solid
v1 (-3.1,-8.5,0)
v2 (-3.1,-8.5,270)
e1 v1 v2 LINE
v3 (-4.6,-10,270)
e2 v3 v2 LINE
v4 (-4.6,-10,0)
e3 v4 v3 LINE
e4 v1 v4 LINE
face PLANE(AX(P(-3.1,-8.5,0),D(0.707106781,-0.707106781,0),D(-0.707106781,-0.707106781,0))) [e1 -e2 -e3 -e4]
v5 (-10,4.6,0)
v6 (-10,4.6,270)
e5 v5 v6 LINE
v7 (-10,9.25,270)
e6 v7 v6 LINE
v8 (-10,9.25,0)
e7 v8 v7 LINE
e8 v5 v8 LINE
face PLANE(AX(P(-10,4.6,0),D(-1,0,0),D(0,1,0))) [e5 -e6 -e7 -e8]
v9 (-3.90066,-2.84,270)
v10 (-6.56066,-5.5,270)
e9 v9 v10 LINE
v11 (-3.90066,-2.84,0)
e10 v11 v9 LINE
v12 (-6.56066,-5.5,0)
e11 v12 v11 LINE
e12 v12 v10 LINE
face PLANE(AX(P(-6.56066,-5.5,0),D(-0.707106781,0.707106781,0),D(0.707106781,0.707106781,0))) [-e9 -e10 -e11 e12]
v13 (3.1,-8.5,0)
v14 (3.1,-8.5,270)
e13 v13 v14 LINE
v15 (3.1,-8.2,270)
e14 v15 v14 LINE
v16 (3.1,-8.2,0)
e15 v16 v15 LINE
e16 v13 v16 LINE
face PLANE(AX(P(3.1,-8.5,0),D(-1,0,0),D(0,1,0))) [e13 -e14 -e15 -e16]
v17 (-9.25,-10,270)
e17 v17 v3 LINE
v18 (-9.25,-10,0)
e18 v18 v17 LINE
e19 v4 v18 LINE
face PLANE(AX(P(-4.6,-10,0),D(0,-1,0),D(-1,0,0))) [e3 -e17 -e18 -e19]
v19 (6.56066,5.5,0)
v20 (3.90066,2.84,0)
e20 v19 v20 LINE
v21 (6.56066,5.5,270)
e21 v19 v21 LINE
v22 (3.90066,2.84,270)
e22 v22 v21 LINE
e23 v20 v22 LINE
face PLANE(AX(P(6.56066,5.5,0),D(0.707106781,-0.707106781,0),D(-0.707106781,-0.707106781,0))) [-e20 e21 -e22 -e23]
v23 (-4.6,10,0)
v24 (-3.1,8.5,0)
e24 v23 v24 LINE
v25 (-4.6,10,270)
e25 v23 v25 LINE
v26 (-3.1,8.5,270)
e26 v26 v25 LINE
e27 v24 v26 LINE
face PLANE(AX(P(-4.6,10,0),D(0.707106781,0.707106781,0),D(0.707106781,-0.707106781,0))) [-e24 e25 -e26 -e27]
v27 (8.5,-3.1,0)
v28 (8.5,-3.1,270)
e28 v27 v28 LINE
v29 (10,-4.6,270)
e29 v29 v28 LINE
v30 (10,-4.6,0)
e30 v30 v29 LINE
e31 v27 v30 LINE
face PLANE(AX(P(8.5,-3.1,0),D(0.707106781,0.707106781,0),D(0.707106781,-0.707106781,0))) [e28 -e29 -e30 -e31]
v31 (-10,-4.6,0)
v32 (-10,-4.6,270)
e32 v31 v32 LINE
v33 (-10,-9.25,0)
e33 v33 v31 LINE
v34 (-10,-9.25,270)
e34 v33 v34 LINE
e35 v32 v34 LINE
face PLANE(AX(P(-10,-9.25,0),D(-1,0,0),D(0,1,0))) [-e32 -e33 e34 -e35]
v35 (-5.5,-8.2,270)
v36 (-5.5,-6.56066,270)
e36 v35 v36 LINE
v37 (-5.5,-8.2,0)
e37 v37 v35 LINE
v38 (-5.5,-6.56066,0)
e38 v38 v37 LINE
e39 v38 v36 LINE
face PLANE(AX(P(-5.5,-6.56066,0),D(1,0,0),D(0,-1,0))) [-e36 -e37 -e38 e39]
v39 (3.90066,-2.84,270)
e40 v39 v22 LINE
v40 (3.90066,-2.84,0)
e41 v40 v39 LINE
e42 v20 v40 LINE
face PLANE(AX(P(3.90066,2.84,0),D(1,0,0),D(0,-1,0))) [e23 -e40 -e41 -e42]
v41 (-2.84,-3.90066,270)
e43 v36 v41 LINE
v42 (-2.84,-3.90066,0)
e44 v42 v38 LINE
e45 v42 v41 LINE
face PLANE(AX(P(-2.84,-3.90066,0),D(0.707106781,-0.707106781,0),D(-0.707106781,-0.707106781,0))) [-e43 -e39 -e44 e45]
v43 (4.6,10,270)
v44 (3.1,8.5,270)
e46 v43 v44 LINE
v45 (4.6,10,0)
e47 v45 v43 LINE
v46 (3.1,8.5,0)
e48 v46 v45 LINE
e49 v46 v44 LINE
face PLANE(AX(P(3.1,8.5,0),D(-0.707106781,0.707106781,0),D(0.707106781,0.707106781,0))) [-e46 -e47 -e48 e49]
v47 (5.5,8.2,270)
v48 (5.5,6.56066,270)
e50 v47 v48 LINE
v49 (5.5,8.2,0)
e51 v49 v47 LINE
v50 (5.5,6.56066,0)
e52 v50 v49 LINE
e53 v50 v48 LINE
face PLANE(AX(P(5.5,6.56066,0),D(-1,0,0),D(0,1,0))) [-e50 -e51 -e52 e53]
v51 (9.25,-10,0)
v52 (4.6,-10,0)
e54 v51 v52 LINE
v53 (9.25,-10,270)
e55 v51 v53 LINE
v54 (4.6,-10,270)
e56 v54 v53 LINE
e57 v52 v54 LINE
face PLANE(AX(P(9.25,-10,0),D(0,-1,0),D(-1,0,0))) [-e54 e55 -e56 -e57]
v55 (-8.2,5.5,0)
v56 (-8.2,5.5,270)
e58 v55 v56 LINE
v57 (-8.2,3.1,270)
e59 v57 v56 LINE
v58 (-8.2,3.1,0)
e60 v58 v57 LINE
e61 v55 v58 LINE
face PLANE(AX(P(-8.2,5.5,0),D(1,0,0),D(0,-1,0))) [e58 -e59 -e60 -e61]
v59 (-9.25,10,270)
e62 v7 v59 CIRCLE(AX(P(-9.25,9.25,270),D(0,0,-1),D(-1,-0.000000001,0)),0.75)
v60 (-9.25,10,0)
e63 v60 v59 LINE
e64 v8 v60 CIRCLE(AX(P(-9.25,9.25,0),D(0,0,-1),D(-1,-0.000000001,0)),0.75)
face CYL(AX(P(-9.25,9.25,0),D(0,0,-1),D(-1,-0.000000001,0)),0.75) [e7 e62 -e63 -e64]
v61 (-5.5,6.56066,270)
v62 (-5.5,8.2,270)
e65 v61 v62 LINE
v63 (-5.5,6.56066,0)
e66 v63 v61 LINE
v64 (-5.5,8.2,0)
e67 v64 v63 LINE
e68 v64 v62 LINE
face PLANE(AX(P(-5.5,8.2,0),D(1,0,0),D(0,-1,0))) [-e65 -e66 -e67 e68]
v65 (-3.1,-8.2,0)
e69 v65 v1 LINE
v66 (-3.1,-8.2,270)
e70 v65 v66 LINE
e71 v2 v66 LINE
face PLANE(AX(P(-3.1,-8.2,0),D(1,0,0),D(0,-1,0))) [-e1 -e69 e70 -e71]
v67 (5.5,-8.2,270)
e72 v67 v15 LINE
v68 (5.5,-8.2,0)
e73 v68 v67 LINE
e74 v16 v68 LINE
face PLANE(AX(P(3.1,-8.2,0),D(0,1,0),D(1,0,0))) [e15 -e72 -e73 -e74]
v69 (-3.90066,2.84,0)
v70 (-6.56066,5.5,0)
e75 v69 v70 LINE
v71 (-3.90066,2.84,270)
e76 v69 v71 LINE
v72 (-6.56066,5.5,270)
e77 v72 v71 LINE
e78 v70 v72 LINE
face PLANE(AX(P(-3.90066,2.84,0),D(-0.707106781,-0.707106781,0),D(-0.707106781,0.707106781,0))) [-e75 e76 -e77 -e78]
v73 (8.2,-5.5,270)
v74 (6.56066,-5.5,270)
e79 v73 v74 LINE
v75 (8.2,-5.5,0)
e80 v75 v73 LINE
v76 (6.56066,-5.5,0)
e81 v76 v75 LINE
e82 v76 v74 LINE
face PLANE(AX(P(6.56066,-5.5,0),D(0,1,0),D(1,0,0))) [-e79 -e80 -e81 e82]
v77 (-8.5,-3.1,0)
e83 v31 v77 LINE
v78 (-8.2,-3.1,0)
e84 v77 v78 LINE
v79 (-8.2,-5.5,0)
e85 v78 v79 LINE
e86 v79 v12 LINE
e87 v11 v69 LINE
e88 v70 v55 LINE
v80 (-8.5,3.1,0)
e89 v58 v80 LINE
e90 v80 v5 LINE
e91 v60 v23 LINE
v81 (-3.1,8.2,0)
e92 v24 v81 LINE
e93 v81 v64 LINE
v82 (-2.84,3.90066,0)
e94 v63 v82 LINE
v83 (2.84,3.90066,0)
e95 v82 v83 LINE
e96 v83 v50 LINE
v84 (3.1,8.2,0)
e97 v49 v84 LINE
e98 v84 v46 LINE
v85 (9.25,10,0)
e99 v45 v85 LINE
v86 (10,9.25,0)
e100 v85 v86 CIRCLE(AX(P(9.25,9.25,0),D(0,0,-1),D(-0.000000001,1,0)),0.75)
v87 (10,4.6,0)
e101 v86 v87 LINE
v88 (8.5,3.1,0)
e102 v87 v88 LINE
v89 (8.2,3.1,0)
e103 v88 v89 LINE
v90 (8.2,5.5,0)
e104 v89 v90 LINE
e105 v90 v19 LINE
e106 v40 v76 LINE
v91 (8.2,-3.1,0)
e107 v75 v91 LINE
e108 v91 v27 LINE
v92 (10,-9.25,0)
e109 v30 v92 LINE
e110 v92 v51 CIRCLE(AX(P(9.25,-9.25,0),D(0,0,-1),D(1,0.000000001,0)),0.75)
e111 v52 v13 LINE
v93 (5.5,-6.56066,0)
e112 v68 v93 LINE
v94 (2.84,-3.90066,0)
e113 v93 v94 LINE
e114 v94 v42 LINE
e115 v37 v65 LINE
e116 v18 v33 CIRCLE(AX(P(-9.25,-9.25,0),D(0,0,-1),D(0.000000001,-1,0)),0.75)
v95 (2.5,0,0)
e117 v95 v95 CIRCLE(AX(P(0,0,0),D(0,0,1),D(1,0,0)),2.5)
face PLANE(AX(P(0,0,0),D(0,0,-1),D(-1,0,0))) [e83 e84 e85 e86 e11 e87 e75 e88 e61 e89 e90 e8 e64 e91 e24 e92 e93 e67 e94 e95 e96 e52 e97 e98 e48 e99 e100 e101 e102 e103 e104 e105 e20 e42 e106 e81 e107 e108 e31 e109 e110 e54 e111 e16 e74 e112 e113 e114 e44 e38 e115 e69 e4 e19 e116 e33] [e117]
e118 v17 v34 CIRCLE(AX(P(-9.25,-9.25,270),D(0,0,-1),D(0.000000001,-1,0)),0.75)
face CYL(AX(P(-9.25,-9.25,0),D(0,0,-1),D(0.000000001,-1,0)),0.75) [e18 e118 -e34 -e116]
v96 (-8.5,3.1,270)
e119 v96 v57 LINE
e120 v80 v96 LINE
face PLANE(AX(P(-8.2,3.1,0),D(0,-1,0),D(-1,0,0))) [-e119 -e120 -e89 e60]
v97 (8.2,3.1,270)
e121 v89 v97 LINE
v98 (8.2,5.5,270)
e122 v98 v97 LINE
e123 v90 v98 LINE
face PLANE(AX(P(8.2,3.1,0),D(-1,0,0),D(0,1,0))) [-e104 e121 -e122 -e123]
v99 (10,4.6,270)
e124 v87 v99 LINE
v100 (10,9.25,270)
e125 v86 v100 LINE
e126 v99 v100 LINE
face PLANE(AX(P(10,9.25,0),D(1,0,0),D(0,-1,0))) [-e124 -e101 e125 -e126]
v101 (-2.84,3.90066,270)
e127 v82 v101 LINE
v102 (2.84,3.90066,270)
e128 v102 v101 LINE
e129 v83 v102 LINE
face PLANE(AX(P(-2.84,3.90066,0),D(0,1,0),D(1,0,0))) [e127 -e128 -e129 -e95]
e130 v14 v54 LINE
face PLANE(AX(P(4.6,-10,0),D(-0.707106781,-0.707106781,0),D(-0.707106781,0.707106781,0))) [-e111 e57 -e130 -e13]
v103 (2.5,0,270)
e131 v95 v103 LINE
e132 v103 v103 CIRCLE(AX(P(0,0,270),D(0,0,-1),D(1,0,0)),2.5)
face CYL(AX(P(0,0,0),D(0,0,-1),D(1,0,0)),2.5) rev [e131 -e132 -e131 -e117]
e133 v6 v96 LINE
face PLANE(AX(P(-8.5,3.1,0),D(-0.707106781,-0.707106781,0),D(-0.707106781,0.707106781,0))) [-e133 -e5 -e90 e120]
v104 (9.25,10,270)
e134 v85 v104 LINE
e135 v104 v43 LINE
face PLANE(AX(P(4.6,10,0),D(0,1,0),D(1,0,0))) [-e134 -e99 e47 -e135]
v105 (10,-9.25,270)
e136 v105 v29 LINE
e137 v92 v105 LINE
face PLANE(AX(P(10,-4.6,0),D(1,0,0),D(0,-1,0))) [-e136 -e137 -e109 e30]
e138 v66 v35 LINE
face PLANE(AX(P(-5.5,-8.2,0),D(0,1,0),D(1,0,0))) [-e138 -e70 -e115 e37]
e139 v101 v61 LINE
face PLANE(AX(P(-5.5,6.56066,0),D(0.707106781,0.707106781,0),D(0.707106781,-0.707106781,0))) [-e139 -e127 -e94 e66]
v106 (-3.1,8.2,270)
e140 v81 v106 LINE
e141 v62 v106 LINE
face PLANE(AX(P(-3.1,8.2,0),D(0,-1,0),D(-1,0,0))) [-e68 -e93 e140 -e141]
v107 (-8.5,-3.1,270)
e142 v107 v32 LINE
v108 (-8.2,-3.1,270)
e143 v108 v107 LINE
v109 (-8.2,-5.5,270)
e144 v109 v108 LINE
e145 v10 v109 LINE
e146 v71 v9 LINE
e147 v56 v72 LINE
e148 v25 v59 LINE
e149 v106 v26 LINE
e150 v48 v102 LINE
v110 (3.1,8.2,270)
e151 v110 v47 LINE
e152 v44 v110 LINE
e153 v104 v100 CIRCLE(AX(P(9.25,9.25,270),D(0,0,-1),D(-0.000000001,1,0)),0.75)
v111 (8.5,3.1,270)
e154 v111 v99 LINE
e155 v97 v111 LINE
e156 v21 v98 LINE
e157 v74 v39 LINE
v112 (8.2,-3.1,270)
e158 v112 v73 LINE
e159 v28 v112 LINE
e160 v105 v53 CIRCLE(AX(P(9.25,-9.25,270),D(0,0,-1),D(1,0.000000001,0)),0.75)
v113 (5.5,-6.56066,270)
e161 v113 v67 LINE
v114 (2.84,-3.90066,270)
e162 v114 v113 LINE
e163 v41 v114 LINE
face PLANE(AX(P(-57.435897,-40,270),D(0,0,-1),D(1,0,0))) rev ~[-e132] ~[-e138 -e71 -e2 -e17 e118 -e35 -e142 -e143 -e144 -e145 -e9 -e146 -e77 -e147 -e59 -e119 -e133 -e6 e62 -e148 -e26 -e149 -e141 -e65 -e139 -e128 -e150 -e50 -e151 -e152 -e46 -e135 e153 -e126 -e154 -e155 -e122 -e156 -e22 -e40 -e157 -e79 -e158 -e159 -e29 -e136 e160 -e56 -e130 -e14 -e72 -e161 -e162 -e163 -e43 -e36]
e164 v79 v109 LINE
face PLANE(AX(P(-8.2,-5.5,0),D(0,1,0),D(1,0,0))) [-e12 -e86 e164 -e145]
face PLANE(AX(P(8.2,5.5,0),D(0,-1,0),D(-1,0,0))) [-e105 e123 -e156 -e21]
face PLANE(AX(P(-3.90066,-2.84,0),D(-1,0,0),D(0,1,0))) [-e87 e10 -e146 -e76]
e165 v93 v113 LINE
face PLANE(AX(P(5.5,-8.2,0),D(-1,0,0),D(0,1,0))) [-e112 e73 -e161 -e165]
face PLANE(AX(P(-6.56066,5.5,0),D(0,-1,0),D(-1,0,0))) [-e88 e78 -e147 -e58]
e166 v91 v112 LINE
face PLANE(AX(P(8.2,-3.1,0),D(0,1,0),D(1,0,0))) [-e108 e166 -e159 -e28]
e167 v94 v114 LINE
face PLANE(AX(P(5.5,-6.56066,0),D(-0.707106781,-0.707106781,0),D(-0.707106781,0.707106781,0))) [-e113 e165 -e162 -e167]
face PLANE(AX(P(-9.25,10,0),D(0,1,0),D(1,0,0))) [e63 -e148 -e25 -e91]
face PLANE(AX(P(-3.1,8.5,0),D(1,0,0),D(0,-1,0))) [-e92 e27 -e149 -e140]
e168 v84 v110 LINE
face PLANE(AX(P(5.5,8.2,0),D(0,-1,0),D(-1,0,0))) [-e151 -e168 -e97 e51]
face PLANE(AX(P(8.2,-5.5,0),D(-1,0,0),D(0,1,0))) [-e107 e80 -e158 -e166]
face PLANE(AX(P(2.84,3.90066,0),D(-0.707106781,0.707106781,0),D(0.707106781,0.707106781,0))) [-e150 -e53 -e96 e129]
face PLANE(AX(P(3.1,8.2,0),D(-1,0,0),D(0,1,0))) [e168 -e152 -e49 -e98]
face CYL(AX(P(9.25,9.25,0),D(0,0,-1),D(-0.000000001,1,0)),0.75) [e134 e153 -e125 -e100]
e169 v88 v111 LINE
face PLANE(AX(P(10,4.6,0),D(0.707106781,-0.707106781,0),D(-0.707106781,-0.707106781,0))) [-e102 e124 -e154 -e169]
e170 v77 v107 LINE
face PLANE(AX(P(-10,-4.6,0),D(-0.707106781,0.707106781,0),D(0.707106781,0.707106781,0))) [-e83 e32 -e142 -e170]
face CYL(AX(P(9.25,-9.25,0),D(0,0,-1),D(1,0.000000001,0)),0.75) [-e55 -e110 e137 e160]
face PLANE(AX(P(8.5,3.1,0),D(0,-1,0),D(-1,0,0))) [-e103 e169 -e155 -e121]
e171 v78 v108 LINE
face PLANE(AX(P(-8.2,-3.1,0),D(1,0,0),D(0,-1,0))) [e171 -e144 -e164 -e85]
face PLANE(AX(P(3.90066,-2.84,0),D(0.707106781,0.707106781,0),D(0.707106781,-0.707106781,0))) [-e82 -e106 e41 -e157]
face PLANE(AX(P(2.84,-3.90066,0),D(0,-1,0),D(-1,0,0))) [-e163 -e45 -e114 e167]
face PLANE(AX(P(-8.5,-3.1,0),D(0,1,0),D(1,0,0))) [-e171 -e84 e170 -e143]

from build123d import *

# Parameters (mm, degrees)
CROQUIS1_R              = 2.5
SALIENTE_EXTRUIR1_DEPTH = 350
CUT_EXTRUDE1_DEPTH      = 47
CUT_EXTRUDE1_DEPTH_BACK = 40
SKETCH2_W               = 139.582587955
SKETCH2_H               = 242.432915921


with BuildPart() as part:
    # Croquis1 → Saliente-Extruir1 (new body)
    with BuildSketch(Plane.XY):
        with BuildLine():
            Line((-4.6, 10), (-3.1, 8.5))
            Line((-3.1, 8.5), (-3.1, 8.2))
            Line((-3.1, 8.2), (-5.5, 8.2))
            Line((-5.5, 8.2), (-5.5, 6.560660172))
            Line((-5.5, 6.560660172), (-2.84, 3.900660172))
            Line((-2.84, 3.900660172), (0, 3.900660172))
            Line((0, 3.900660172), (2.84, 3.900660172))
            Line((2.84, 3.900660172), (5.5, 6.560660172))
            Line((5.5, 6.560660172), (5.5, 8.2))
            Line((5.5, 8.2), (3.1, 8.2))
            Line((3.1, 8.2), (3.1, 8.5))
            Line((3.1, 8.5), (4.6, 10))
            Line((4.6, 10), (9.25, 10))
            ThreePointArc((9.25, 10), (9.780330086, 9.780330086), (10, 9.25))
            Line((10, 9.25), (10, 4.6))
            Line((10, 4.6), (8.5, 3.1))
            Line((8.5, 3.1), (8.2, 3.1))
            Line((8.2, 3.1), (8.2, 5.5))
            Line((8.2, 5.5), (6.560660172, 5.5))
            Line((6.560660172, 5.5), (3.900660172, 2.84))
            Line((3.900660172, 2.84), (3.900660172, 0))
            Line((3.900660172, 0), (3.900660172, -2.84))
            Line((3.900660172, -2.84), (6.560660172, -5.5))
            Line((6.560660172, -5.5), (8.2, -5.5))
            Line((8.2, -5.5), (8.2, -3.1))
            Line((8.2, -3.1), (8.5, -3.1))
            Line((8.5, -3.1), (10, -4.6))
            Line((10, -4.6), (10, -9.25))
            ThreePointArc((10, -9.25), (9.780330086, -9.780330086), (9.25, -10))
            Line((9.25, -10), (4.6, -10))
            Line((4.6, -10), (3.1, -8.5))
            Line((3.1, -8.5), (3.1, -8.2))
            Line((3.1, -8.2), (5.5, -8.2))
            Line((5.5, -8.2), (5.5, -6.560660172))
            Line((5.5, -6.560660172), (2.84, -3.900660172))
            Line((2.84, -3.900660172), (0, -3.900660172))
            Line((0, -3.900660172), (-2.84, -3.900660172))
            Line((-2.84, -3.900660172), (-5.5, -6.560660172))
            Line((-5.5, -6.560660172), (-5.5, -8.2))
            Line((-5.5, -8.2), (-3.1, -8.2))
            Line((-3.1, -8.2), (-3.1, -8.5))
            Line((-3.1, -8.5), (-4.6, -10))
            Line((-4.6, -10), (-9.25, -10))
            ThreePointArc((-9.25, -10), (-9.780330086, -9.780330086), (-10, -9.25))
            Line((-10, -9.25), (-10, -4.6))
            Line((-10, -4.6), (-8.5, -3.1))
            Line((-8.5, -3.1), (-8.2, -3.1))
            Line((-8.2, -3.1), (-8.2, -5.5))
            Line((-8.2, -5.5), (-6.560660172, -5.5))
            Line((-6.560660172, -5.5), (-3.900660172, -2.84))
            Line((-3.900660172, -2.84), (-3.900660172, 0))
            Line((-3.900660172, 0), (-3.900660172, 2.84))
            Line((-3.900660172, 2.84), (-6.560660172, 5.5))
            Line((-6.560660172, 5.5), (-8.2, 5.5))
            Line((-8.2, 5.5), (-8.2, 3.1))
            Line((-8.2, 3.1), (-8.5, 3.1))
            Line((-8.5, 3.1), (-10, 4.6))
            Line((-10, 4.6), (-10, 9.25))
            ThreePointArc((-10, 9.25), (-9.780330086, 9.780330086), (-9.25, 10))
            Line((-9.25, 10), (-4.6, 10))
        make_face()
        Circle(CROQUIS1_R, mode=Mode.SUBTRACT)
    extrude(amount=SALIENTE_EXTRUIR1_DEPTH)

    # Sketch2 → Cut-Extrude1 (cut, two sides: drawn at the far end of the back side and taken through both)
    with BuildSketch(Plane(origin=(0, 0, 0), x_dir=(1, 0, 0), z_dir=(0, 1, 0)).offset(-CUT_EXTRUDE1_DEPTH_BACK)):
        with Locations((12.355396541, -391.216457961)):
            Rectangle(SKETCH2_W, SKETCH2_H)
    extrude(amount=CUT_EXTRUDE1_DEPTH + CUT_EXTRUDE1_DEPTH_BACK, mode=Mode.SUBTRACT)


solid = part.part
